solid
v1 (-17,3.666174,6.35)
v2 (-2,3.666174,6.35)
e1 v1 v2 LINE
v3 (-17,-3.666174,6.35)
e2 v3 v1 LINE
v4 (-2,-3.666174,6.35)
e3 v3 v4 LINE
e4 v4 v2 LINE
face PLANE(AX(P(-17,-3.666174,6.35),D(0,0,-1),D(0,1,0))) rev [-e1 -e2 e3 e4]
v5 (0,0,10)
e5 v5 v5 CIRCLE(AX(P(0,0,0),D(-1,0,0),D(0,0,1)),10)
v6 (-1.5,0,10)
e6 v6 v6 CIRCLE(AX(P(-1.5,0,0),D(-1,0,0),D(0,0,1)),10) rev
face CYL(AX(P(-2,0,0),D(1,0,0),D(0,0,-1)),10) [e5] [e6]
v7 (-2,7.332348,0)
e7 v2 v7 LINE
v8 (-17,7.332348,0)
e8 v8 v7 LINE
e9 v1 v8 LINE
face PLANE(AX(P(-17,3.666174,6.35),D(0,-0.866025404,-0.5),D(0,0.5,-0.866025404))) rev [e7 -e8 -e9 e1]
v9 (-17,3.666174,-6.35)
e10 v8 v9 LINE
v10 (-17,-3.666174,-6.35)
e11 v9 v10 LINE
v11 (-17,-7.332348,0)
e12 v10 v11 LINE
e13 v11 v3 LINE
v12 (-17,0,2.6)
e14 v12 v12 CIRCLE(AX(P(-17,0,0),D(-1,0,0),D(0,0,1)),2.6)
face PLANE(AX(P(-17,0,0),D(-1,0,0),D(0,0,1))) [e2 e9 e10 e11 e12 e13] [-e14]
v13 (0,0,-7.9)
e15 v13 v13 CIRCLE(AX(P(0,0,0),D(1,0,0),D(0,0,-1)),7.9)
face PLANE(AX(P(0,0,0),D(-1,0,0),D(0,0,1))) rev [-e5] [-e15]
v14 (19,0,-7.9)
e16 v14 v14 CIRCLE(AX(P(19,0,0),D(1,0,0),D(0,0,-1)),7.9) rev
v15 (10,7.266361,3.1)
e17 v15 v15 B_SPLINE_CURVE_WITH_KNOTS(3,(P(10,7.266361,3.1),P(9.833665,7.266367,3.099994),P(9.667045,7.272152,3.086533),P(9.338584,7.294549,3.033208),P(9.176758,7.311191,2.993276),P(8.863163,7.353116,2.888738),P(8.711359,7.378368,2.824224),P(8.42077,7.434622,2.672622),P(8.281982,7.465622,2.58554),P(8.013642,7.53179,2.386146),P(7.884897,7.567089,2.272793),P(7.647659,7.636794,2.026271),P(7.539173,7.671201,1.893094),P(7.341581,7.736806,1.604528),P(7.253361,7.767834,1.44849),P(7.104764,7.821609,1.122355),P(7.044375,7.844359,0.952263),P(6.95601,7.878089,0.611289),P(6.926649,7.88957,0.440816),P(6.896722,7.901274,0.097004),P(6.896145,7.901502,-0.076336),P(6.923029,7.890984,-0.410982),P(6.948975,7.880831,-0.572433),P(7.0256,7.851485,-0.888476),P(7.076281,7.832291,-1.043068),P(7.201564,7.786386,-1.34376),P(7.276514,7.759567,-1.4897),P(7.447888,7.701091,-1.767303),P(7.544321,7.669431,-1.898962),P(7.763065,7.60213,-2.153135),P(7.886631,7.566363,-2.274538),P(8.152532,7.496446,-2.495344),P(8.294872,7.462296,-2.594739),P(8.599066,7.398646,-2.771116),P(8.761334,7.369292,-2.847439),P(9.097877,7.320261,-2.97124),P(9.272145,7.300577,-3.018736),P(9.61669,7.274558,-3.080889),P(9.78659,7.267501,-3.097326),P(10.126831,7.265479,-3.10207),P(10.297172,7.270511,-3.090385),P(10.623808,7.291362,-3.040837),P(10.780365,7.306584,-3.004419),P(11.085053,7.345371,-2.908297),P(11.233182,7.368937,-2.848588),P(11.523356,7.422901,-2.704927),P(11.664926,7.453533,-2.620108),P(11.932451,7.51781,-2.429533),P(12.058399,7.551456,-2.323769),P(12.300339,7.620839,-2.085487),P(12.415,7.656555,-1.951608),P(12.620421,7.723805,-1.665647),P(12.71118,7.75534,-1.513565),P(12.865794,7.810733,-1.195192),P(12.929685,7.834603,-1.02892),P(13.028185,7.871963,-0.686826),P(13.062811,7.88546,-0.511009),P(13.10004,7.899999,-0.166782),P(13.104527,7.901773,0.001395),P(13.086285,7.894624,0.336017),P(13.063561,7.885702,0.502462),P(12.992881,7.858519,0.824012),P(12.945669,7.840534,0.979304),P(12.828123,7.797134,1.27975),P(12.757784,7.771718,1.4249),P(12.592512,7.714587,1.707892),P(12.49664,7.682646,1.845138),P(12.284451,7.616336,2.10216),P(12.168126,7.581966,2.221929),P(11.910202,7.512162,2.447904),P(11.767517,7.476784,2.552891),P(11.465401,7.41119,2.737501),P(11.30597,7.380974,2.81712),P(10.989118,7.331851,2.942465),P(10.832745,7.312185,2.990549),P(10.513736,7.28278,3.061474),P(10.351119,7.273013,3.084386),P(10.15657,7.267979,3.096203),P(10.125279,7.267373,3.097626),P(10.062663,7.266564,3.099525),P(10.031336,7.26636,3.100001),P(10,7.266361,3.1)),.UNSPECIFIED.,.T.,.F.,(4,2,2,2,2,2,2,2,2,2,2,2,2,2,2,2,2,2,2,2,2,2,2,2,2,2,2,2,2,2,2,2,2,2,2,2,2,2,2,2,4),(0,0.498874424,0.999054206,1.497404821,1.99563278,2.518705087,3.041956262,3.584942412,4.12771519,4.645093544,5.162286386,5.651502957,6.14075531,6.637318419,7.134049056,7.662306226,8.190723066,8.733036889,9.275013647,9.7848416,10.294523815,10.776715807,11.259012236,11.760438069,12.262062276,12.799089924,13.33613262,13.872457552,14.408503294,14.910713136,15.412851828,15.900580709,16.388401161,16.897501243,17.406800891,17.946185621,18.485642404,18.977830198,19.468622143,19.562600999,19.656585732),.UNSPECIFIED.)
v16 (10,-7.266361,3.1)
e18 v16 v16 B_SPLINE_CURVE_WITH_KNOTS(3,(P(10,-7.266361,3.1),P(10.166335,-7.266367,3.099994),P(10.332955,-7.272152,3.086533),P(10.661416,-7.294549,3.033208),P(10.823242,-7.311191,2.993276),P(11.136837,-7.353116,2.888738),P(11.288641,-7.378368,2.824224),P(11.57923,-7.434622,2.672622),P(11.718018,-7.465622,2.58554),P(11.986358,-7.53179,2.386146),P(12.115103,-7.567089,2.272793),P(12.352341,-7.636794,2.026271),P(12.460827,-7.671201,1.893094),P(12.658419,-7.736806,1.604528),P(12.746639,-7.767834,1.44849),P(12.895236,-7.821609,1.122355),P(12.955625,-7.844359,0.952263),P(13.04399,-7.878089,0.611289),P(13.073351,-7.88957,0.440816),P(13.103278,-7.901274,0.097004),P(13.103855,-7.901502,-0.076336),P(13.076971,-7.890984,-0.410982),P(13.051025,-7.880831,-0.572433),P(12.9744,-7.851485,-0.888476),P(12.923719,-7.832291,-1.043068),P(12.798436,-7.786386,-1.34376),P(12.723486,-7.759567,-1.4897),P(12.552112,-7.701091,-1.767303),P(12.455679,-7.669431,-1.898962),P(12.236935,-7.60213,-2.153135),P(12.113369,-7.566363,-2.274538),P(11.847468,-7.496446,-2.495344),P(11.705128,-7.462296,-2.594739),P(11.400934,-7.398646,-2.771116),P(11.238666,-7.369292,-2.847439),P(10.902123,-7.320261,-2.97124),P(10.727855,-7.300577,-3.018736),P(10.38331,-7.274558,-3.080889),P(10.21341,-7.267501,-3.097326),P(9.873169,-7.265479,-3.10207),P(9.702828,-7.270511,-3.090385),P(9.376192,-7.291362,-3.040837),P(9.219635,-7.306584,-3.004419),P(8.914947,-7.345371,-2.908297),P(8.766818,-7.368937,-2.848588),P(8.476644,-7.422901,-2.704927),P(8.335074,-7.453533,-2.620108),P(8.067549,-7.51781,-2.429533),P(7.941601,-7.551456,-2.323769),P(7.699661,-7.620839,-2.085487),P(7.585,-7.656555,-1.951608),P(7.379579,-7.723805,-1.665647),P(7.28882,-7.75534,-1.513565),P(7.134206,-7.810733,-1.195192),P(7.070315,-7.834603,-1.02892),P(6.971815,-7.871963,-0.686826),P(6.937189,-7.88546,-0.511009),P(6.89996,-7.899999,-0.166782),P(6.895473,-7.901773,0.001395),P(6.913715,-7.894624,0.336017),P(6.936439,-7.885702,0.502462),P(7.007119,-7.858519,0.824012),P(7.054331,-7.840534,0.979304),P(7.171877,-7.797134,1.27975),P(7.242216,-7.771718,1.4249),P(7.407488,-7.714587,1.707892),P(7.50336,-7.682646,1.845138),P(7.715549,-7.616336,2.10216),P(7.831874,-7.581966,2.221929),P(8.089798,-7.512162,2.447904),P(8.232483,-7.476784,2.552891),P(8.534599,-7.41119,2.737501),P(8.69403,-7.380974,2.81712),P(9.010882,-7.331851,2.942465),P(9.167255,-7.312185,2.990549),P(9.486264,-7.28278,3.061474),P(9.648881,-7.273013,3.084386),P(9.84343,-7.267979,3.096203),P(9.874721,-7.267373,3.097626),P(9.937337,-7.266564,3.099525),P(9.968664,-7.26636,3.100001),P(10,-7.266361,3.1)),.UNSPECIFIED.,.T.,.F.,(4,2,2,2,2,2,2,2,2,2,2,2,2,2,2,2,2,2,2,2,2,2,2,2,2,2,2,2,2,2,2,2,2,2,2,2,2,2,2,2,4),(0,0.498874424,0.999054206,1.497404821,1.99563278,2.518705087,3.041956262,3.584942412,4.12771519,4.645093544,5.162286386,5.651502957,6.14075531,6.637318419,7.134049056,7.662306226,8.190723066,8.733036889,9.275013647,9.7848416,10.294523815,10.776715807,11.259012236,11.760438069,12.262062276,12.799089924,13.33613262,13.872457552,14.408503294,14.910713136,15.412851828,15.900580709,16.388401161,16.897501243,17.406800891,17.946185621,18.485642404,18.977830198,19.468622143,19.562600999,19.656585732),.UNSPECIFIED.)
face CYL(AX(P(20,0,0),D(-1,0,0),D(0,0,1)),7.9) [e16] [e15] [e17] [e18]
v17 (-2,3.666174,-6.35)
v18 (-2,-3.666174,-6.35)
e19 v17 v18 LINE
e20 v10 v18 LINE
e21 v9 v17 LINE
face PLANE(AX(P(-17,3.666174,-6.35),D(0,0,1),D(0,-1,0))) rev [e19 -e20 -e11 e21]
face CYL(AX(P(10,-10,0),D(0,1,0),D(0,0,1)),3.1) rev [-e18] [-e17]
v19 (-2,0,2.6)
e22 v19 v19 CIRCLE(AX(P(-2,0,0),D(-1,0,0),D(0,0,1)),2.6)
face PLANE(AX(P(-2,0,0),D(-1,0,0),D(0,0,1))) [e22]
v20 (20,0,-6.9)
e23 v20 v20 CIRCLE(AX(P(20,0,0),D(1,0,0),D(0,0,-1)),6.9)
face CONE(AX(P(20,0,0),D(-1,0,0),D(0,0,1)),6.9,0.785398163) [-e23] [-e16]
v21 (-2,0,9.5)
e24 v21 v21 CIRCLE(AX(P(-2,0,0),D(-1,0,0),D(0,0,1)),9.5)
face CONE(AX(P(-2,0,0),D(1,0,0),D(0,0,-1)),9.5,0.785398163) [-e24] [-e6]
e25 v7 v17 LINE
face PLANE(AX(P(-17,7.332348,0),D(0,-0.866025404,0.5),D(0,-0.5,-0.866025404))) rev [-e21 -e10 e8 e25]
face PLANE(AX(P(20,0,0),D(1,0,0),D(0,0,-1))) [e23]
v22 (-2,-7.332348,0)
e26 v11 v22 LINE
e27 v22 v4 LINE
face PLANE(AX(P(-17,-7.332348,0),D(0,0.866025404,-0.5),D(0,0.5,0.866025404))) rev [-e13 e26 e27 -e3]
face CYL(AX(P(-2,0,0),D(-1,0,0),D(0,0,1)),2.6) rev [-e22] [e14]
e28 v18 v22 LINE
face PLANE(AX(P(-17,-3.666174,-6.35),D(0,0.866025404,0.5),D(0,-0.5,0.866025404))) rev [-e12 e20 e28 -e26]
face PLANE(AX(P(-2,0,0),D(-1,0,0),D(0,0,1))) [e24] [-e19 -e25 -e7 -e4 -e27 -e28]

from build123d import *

# Parameters (mm, degrees)
SKETCH_1_R          = 7.9
EXTRUDE_1_DEPTH     = 20
SKETCH_3_R          = 10
EXTRUDE_2_DEPTH     = 2
EXTRUDE_3_DEPTH     = 15
SKETCH_5_R          = 3.1
CUT_EXTRUDE_1_DEPTH = 10
CHAMFER_1_SIZE      = 0.5
SKETCH_6_R          = 2.6
CUT_EXTRUDE_2_DEPTH = 15
CHAMFER_2_SIZE      = 1


with BuildPart() as part:
    # 草图1 → 凸台-拉伸1 (new body)
    with BuildSketch(Plane(origin=(0, 0, 0), x_dir=(0, 0, -1), z_dir=(1, 0, 0))):
        Circle(SKETCH_1_R)
    extrude(amount=EXTRUDE_1_DEPTH)

    # 草图3 → 凸台-拉伸2 (add)
    with BuildSketch(Plane.ZY):
        Circle(SKETCH_3_R)
    extrude(amount=EXTRUDE_2_DEPTH)

    # 草图4 → 凸台-拉伸3 (add)
    with BuildSketch(Plane.ZY.offset(2)):
        Polygon((6.35, 3.666174209), (0, 7.332348419), (-6.35, 3.666174209), (-6.35, -3.666174209), (0, -7.332348419), (6.35, -3.666174209), align=None)
    extrude(amount=EXTRUDE_3_DEPTH)

    # 草图5 → 切除-拉伸1 (cut, symmetric)
    with BuildSketch(Plane(origin=(0, 0, 0), x_dir=(1, 0, 0), z_dir=(0, 1, 0))):
        with Locations((10, 0)):
            Circle(SKETCH_5_R)
    extrude(amount=CUT_EXTRUDE_1_DEPTH, both=True, mode=Mode.SUBTRACT)

    # 倒角1
    chamfer_1_edges = [part.edges().sort_by_distance(p)[0] for p in [
        (-2, 0, -10),
    ]]
    chamfer(chamfer_1_edges, length=CHAMFER_1_SIZE)

    # 草图6 → 切除-拉伸2 (cut)
    with BuildSketch(Plane.ZY.offset(17)):
        Circle(SKETCH_6_R)
    extrude(amount=-CUT_EXTRUDE_2_DEPTH, mode=Mode.SUBTRACT)

    # 倒角2
    chamfer_2_edges = [part.edges().sort_by_distance(p)[0] for p in [
        (20, 0, 7.9),
    ]]
    chamfer(chamfer_2_edges, length=CHAMFER_2_SIZE)


solid = part.part
